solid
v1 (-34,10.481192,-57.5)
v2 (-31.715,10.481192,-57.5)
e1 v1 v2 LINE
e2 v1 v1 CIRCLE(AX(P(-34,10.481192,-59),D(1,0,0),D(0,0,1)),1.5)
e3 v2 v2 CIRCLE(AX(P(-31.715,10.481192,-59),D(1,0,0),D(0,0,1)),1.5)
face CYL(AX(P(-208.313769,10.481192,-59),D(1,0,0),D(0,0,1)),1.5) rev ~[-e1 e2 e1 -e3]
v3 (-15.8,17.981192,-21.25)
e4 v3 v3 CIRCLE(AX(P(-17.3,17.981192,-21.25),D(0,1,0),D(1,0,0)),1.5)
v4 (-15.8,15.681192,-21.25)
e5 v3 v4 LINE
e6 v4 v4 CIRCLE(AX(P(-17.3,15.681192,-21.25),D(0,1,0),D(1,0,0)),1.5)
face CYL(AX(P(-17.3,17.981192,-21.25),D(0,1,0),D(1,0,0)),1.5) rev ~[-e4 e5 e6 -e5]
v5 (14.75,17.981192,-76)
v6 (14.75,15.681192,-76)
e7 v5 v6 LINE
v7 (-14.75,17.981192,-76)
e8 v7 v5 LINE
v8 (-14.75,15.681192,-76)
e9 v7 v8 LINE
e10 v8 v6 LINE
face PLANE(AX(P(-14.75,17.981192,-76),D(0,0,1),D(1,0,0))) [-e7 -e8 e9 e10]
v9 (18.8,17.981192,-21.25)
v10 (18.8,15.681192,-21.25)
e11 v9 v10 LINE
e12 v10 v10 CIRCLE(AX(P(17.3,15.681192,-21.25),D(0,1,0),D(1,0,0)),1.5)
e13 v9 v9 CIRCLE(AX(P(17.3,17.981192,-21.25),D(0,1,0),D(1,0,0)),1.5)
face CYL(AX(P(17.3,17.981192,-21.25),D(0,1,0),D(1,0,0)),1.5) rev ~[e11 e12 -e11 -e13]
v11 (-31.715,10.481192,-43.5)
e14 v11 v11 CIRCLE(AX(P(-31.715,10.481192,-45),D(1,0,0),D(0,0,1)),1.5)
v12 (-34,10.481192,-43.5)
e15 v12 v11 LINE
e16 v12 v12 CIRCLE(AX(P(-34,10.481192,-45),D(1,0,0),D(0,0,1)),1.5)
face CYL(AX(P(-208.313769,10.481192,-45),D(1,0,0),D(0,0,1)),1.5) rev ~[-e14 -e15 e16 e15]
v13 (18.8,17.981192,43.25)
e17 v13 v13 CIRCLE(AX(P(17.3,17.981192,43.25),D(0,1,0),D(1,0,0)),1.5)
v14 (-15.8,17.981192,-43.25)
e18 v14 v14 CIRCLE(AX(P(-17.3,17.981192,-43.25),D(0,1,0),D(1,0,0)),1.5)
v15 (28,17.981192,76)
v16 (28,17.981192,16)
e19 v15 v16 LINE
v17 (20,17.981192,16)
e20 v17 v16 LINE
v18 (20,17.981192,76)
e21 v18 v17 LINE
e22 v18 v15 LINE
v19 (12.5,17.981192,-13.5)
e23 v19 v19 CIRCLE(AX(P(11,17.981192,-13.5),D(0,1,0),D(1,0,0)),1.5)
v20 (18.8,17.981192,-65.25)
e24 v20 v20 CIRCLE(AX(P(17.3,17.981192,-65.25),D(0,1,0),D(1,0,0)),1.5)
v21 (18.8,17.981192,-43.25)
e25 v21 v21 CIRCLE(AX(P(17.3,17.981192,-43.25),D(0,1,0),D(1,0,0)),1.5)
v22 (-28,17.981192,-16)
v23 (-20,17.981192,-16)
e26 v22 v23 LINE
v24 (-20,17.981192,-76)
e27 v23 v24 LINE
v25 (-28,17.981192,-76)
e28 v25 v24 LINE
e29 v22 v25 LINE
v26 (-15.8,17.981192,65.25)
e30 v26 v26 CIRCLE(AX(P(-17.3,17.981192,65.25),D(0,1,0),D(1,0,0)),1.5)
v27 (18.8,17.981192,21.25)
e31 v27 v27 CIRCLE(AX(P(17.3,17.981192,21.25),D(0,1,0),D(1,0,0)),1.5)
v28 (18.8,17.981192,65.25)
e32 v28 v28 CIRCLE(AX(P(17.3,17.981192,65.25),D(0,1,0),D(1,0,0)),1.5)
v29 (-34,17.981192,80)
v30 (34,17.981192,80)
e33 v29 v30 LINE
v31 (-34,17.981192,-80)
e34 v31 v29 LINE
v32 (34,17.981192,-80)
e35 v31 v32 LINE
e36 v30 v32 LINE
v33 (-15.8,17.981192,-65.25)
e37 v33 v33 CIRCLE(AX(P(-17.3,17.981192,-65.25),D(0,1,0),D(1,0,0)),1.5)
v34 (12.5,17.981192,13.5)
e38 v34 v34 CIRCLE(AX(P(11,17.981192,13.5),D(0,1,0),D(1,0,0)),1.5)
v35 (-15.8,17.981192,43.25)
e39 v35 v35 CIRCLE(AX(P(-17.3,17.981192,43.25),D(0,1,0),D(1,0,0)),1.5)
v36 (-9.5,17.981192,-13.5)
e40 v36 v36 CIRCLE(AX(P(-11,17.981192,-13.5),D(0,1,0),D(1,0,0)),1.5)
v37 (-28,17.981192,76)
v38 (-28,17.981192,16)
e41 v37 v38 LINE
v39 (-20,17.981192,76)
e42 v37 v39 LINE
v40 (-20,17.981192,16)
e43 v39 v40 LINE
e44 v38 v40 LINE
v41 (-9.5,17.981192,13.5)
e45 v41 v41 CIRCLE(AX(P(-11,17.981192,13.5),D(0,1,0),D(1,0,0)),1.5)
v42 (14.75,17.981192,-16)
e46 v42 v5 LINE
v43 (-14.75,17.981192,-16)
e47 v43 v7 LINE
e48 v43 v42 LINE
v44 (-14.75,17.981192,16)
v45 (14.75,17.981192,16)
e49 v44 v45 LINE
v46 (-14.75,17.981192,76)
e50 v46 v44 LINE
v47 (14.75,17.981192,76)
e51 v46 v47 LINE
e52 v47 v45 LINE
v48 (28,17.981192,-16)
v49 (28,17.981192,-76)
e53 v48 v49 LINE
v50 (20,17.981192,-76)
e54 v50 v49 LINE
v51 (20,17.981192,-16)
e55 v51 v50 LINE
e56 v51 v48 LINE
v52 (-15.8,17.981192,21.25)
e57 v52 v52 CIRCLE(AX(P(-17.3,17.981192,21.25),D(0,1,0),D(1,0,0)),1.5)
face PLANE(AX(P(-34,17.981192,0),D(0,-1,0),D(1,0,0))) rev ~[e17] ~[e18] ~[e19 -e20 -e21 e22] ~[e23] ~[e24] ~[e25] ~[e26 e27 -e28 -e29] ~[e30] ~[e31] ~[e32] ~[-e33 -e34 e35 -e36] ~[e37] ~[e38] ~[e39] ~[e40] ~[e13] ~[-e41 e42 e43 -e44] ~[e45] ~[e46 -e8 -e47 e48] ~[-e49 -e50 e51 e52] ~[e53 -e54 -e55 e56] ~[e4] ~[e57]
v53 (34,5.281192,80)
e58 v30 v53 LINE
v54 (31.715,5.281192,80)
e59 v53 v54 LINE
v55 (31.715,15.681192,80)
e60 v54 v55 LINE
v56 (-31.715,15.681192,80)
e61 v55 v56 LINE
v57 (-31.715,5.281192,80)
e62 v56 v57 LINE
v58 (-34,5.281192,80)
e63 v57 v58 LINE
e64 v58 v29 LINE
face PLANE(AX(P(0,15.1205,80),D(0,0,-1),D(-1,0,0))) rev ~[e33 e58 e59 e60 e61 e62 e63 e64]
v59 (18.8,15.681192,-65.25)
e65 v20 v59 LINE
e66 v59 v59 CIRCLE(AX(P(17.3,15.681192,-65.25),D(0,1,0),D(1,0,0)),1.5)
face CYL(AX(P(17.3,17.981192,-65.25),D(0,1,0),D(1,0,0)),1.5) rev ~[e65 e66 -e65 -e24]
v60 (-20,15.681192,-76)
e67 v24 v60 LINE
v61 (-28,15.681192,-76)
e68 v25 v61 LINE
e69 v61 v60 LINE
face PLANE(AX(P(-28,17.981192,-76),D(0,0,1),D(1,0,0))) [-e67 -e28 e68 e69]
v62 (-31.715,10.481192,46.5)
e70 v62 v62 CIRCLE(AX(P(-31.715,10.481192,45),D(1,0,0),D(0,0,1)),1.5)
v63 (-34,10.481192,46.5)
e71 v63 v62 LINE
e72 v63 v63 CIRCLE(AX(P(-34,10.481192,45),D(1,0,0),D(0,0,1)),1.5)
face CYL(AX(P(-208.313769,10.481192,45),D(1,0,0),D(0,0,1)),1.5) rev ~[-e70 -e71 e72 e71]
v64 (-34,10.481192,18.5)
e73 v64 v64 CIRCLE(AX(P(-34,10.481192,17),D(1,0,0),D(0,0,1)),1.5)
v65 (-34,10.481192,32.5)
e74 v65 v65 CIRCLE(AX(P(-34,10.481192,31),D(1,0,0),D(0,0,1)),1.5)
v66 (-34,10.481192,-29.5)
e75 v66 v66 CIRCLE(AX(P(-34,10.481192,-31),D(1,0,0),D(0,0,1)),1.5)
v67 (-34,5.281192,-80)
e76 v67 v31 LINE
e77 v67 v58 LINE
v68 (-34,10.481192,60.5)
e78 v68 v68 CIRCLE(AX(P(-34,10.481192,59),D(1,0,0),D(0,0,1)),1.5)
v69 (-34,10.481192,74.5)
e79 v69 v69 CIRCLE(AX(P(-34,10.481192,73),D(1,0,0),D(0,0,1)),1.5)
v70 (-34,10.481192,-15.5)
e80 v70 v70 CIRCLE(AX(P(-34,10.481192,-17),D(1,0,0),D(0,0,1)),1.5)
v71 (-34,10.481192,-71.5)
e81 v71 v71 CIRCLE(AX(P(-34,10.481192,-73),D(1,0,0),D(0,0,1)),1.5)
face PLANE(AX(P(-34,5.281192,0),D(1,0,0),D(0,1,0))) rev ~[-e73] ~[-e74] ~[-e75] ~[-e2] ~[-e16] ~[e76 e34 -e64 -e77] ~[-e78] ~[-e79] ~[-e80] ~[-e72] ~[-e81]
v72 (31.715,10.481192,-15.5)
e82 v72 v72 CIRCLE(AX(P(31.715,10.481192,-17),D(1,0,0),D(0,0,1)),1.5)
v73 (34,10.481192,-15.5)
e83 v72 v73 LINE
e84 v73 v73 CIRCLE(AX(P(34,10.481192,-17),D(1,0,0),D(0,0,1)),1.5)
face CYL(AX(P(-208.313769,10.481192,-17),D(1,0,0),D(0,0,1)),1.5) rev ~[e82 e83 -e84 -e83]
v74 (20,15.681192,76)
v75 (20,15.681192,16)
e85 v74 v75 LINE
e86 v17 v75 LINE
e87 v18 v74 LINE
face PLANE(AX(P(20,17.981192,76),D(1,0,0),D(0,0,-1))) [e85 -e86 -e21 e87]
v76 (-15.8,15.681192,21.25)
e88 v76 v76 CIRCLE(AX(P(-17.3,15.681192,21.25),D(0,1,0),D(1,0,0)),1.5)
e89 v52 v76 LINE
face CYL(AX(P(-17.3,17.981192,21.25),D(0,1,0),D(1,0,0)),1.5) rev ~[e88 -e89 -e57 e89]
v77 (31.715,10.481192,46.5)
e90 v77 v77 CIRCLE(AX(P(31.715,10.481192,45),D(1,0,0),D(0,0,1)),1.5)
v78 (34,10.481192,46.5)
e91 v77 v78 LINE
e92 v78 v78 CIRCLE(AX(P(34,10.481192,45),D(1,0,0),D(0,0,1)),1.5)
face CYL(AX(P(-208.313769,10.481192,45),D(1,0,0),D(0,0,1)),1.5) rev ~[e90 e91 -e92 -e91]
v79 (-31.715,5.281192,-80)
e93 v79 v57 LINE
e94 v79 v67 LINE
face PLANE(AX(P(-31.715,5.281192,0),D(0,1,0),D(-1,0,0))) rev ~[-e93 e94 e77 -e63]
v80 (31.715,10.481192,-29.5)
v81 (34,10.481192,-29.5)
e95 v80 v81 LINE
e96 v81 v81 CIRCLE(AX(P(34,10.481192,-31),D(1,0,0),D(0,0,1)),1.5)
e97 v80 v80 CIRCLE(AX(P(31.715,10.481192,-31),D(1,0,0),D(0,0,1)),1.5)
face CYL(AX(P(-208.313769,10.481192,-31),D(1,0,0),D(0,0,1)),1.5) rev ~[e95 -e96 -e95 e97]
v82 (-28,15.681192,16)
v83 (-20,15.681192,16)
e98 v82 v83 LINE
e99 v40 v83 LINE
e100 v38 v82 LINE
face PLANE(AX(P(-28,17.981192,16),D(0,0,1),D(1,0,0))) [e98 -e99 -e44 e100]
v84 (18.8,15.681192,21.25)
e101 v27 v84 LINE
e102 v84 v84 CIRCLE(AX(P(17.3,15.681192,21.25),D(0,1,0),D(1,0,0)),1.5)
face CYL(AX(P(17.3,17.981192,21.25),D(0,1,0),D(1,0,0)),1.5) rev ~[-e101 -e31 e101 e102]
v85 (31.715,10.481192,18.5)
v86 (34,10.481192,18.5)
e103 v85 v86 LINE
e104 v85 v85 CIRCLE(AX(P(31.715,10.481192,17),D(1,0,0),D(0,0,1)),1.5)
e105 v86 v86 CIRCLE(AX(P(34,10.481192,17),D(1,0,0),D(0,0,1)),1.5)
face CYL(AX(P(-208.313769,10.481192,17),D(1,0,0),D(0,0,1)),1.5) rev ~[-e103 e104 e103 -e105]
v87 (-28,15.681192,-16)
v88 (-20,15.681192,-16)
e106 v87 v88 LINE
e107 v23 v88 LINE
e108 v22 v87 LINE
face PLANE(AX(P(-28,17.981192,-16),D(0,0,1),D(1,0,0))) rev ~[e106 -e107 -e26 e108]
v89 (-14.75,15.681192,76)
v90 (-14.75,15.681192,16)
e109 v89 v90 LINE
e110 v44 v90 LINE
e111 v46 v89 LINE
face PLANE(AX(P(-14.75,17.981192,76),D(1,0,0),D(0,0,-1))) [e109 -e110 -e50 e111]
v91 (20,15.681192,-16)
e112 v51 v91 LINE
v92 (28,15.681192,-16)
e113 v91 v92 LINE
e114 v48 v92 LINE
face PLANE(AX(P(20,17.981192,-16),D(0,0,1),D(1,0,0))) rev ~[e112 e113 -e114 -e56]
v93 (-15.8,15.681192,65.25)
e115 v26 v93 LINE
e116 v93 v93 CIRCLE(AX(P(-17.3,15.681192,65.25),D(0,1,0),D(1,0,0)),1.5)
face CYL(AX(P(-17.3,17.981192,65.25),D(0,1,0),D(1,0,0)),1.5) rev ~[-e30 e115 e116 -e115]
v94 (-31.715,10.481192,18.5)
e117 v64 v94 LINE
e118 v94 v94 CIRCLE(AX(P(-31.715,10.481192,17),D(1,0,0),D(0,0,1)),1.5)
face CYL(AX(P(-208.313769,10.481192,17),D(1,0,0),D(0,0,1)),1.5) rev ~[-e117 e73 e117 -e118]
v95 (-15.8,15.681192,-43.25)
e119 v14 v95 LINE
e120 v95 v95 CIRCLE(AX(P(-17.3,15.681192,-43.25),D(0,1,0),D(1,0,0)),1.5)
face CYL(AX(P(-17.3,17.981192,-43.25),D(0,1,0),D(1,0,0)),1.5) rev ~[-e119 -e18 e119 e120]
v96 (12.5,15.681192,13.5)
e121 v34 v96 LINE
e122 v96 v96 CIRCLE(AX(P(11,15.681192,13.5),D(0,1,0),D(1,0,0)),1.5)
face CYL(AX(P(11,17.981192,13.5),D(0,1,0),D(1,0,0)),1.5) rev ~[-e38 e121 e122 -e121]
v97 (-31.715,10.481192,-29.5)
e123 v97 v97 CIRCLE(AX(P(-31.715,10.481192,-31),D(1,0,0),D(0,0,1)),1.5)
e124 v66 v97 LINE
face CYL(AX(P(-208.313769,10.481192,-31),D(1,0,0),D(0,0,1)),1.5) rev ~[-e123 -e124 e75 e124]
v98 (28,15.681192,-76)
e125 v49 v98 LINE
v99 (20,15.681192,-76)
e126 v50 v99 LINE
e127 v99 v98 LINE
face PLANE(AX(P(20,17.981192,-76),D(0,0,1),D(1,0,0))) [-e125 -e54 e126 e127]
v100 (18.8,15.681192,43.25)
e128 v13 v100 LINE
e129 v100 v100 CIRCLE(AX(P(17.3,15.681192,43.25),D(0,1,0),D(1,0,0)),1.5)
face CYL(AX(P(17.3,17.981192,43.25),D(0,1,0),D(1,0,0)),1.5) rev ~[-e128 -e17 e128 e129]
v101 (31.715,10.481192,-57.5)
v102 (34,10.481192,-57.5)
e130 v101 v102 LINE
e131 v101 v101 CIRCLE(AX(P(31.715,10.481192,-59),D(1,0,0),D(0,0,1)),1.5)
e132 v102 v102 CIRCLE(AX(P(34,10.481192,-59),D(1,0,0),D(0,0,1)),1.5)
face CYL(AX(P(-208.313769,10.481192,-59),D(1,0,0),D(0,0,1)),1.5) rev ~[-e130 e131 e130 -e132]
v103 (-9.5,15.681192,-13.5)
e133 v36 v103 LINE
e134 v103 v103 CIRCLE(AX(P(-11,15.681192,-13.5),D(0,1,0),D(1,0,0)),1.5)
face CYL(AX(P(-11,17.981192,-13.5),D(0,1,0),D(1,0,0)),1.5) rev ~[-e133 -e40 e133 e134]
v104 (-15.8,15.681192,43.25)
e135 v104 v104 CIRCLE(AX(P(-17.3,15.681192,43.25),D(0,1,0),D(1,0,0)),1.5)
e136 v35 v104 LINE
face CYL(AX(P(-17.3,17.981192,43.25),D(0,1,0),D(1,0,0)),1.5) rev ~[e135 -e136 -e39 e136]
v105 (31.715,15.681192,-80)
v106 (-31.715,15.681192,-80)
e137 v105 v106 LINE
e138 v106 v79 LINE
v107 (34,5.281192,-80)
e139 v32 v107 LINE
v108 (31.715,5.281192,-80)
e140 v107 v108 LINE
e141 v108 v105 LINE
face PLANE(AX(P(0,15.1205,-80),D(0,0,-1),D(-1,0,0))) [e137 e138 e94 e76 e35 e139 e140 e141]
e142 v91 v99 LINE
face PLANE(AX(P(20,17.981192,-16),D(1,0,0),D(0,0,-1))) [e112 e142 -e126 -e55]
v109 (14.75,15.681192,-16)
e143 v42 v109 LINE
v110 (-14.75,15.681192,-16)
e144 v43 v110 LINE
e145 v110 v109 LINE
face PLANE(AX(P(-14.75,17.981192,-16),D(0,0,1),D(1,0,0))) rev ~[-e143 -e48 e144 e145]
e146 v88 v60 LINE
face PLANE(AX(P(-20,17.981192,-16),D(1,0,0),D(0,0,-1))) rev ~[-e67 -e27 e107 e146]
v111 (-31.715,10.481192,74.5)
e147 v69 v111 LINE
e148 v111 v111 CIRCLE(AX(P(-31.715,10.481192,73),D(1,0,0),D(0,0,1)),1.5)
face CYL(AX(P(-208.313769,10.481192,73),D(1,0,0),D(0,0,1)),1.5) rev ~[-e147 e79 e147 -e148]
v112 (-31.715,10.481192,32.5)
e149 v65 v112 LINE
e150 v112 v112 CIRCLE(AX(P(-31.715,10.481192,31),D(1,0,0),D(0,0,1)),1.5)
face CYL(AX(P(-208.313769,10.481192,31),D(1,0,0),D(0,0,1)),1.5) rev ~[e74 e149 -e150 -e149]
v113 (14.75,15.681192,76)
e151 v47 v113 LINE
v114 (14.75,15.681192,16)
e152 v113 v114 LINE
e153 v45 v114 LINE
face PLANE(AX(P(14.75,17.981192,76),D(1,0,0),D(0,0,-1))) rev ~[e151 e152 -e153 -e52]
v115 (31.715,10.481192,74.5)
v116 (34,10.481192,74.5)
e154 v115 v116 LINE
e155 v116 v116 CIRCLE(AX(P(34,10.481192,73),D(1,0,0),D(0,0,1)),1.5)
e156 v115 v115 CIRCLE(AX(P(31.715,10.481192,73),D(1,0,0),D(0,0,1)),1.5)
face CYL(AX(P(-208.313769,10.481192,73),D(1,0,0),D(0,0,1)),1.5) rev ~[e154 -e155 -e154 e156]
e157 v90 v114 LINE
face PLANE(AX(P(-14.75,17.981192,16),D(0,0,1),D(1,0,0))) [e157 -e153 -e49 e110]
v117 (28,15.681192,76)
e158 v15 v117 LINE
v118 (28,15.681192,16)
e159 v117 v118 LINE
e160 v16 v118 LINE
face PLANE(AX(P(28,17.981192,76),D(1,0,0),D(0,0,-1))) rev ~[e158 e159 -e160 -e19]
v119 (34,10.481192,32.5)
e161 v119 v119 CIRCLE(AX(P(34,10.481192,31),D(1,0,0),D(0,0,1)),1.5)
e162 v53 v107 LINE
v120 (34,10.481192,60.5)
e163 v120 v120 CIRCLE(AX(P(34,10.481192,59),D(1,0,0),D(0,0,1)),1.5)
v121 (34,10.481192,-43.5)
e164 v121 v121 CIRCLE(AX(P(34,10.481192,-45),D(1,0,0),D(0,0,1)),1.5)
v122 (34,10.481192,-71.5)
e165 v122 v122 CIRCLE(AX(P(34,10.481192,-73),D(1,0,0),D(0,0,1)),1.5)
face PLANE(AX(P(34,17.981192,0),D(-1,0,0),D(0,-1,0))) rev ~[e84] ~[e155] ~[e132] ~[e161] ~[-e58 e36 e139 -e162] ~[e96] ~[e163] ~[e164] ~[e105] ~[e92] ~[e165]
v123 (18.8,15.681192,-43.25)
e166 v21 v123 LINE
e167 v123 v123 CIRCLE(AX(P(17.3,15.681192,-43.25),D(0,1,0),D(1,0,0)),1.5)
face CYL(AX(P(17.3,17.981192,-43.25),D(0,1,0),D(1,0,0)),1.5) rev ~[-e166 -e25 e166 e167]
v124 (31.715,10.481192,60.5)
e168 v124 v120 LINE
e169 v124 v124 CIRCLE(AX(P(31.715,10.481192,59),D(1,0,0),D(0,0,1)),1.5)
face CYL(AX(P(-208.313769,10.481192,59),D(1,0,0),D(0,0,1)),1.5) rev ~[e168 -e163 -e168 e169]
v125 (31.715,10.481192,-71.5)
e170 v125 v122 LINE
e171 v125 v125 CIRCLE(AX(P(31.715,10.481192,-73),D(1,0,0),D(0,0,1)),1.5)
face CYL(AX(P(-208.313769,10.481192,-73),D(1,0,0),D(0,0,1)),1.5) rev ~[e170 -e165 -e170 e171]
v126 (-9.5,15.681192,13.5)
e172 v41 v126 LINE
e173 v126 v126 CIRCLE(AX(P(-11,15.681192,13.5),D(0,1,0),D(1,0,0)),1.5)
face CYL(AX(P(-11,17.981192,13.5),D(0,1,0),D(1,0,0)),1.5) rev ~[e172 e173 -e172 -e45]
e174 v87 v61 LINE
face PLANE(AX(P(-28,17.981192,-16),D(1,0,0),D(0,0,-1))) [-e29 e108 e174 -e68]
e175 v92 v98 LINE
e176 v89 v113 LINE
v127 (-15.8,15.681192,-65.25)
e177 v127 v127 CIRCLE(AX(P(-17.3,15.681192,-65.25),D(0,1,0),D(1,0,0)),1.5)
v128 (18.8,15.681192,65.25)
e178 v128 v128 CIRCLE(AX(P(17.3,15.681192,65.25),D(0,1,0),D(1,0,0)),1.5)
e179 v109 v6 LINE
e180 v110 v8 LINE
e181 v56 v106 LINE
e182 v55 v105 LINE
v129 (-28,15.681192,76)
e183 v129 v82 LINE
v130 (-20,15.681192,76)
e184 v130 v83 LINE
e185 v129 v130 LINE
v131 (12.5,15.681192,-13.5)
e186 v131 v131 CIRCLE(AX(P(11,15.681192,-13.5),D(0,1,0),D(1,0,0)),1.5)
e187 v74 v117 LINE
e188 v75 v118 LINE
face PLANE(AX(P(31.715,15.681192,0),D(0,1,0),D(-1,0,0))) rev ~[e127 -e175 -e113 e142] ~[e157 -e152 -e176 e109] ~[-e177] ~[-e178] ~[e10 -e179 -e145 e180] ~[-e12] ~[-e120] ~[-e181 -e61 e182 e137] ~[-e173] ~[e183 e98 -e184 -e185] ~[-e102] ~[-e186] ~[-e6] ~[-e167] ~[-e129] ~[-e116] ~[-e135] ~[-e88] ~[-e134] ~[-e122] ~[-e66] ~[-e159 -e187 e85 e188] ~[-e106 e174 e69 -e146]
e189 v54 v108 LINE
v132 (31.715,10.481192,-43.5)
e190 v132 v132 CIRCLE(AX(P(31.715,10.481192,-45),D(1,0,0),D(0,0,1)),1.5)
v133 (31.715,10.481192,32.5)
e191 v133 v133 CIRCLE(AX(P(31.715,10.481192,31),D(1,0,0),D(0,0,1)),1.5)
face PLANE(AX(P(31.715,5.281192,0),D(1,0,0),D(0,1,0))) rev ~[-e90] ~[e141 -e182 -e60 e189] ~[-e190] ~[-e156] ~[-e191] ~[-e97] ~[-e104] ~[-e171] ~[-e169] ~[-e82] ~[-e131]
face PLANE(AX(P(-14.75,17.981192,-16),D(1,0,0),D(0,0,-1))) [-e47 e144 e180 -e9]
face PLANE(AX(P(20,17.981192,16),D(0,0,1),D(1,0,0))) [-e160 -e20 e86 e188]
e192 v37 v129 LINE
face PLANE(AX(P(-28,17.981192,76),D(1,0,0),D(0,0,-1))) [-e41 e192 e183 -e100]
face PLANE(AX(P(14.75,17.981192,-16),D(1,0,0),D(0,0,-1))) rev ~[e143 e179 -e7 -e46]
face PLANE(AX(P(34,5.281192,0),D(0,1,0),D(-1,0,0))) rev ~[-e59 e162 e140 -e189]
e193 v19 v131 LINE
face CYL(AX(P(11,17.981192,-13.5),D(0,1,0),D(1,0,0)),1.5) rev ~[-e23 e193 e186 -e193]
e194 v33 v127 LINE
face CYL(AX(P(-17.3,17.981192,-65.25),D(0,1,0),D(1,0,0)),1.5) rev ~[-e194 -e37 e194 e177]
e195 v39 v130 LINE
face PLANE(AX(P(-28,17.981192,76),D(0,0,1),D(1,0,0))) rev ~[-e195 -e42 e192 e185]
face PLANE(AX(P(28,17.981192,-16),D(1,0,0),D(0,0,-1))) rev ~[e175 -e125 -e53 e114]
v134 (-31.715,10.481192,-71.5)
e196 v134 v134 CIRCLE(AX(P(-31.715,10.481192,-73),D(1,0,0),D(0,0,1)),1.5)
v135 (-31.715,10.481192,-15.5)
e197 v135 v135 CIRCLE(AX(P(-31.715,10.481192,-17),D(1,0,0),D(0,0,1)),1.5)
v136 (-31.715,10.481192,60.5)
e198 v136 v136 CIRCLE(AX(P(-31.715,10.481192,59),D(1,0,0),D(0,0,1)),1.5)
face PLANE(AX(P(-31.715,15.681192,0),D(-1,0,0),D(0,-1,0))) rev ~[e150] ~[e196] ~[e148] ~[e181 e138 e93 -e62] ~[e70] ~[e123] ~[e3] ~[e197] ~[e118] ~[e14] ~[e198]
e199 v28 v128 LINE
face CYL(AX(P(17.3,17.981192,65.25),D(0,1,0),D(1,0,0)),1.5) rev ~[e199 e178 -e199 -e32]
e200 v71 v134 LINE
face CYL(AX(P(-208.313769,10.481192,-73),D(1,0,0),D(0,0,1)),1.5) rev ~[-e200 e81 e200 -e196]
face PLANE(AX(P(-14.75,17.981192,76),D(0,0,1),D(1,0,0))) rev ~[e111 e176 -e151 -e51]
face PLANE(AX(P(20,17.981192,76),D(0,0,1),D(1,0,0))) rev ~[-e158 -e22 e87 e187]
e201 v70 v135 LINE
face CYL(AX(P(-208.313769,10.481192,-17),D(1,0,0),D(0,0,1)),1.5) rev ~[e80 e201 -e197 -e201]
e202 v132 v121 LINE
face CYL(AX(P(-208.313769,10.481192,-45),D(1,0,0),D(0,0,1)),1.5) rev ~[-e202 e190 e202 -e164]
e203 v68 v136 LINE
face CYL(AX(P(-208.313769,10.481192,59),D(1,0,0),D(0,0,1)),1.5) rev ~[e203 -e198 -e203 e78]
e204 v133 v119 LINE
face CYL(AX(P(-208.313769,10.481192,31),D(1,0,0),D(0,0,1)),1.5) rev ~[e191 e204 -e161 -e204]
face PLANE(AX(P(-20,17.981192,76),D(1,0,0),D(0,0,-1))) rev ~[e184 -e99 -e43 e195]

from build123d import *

# Parameters (mm, degrees)
BOSS_EXTRUDE1_DEPTH   = 80
SKETCH2_W             = 8
SKETCH2_H             = 60
SKETCH2_W_2           = 29.5
CUT_EXTRUDE1_DEPTH    = 160
SKETCH3_R             = 1.5
CUT_EXTRUDE2_DEPTH    = 160
F_3_0MM_DOWEL_HOLE1_D = 3
LPATTERN1_COUNT       = 5
LPATTERN1_PITCH       = 14
F_3_0MM_DOWEL_HOLE2_D = 3
LPATTERN2_COUNT       = 5
LPATTERN2_PITCH       = 14


with BuildPart() as part:
    # Sketch1 → Boss-Extrude1 (new body, symmetric)
    with BuildSketch(Plane.XY):
        Polygon((-34, 17.981191673), (34, 17.981191673), (34, 5.281191673), (31.715, 5.281191673), (31.715, 15.681191673), (-31.715, 15.681191673), (-31.715, 5.281191673), (-34, 5.281191673), align=None)
    extrude(amount=BOSS_EXTRUDE1_DEPTH, both=True)

    # Sketch2 → Cut-Extrude1 (cut)
    with BuildSketch(Plane(origin=(0, 17.981191673, 0), x_dir=(1, 0, 0), z_dir=(0, 1, 0))):
        with Locations((-24, 46)):
            Rectangle(SKETCH2_W, SKETCH2_H)
        with Locations((0, 46)):
            Rectangle(SKETCH2_W_2, SKETCH2_H)
        with Locations((24, 46)):
            Rectangle(SKETCH2_W, SKETCH2_H)
        with Locations((24, -46)):
            Rectangle(SKETCH2_W, SKETCH2_H)
        with Locations((0, -46)):
            Rectangle(SKETCH2_W_2, SKETCH2_H)
        with Locations((-24, -46)):
            Rectangle(SKETCH2_W, SKETCH2_H)
    extrude(amount=-CUT_EXTRUDE1_DEPTH, mode=Mode.SUBTRACT)

    # Sketch3 → Cut-Extrude2 (cut)
    with BuildSketch(Plane(origin=(0, 17.981191673, 0), x_dir=(1, 0, 0), z_dir=(0, 1, 0))):
        with Locations((-17.3, 65.25)):
            Circle(SKETCH3_R)
        with Locations((-11, 13.5)):
            Circle(SKETCH3_R)
        with Locations((17.3, 65.25)):
            Circle(SKETCH3_R)
        with Locations((17.3, 43.25)):
            Circle(SKETCH3_R)
        with Locations((17.3, 21.25)):
            Circle(SKETCH3_R)
        with Locations((-17.3, 43.25)):
            Circle(SKETCH3_R)
        with Locations((-17.3, 21.25)):
            Circle(SKETCH3_R)
        with Locations((11, 13.5)):
            Circle(SKETCH3_R)
        with Locations((17.3, -65.25)):
            Circle(SKETCH3_R)
        with Locations((17.3, -43.25)):
            Circle(SKETCH3_R)
        with Locations((17.3, -21.25)):
            Circle(SKETCH3_R)
        with Locations((11, -13.5)):
            Circle(SKETCH3_R)
        with Locations((-11, -13.5)):
            Circle(SKETCH3_R)
        with Locations((-17.3, -21.25)):
            Circle(SKETCH3_R)
        with Locations((-17.3, -43.25)):
            Circle(SKETCH3_R)
        with Locations((-17.3, -65.25)):
            Circle(SKETCH3_R)
    extrude(amount=-CUT_EXTRUDE2_DEPTH, mode=Mode.SUBTRACT)

    # Ø3.0mm Dowel Hole1 (through all)
    with Locations(Plane(origin=(-34, 10.481191673, -73), x_dir=(0, 0, -1), z_dir=(-1, 0, 0))):
        with Locations((0, 0)):
            f_3_0mm_dowel_hole1 = Hole(F_3_0MM_DOWEL_HOLE1_D / 2)

    # LPattern1: Ø3.0mm Dowel Hole1 ×5
    with Locations(*[(0, 0, i * LPATTERN1_PITCH) for i in range(1, LPATTERN1_COUNT)]):
        add(f_3_0mm_dowel_hole1, mode=Mode.SUBTRACT)

    # Ø3.0mm Dowel Hole2 (through all)
    with Locations(Plane(origin=(-34, 10.481191673, 73), x_dir=(0, 0, -1), z_dir=(-1, 0, 0))):
        with Locations((0, 0)):
            f_3_0mm_dowel_hole2 = Hole(F_3_0MM_DOWEL_HOLE2_D / 2)

    # LPattern2: Ø3.0mm Dowel Hole2 ×5
    with Locations(*[(0, 0, -i * LPATTERN2_PITCH) for i in range(1, LPATTERN2_COUNT)]):
        add(f_3_0mm_dowel_hole2, mode=Mode.SUBTRACT)


solid = part.part
